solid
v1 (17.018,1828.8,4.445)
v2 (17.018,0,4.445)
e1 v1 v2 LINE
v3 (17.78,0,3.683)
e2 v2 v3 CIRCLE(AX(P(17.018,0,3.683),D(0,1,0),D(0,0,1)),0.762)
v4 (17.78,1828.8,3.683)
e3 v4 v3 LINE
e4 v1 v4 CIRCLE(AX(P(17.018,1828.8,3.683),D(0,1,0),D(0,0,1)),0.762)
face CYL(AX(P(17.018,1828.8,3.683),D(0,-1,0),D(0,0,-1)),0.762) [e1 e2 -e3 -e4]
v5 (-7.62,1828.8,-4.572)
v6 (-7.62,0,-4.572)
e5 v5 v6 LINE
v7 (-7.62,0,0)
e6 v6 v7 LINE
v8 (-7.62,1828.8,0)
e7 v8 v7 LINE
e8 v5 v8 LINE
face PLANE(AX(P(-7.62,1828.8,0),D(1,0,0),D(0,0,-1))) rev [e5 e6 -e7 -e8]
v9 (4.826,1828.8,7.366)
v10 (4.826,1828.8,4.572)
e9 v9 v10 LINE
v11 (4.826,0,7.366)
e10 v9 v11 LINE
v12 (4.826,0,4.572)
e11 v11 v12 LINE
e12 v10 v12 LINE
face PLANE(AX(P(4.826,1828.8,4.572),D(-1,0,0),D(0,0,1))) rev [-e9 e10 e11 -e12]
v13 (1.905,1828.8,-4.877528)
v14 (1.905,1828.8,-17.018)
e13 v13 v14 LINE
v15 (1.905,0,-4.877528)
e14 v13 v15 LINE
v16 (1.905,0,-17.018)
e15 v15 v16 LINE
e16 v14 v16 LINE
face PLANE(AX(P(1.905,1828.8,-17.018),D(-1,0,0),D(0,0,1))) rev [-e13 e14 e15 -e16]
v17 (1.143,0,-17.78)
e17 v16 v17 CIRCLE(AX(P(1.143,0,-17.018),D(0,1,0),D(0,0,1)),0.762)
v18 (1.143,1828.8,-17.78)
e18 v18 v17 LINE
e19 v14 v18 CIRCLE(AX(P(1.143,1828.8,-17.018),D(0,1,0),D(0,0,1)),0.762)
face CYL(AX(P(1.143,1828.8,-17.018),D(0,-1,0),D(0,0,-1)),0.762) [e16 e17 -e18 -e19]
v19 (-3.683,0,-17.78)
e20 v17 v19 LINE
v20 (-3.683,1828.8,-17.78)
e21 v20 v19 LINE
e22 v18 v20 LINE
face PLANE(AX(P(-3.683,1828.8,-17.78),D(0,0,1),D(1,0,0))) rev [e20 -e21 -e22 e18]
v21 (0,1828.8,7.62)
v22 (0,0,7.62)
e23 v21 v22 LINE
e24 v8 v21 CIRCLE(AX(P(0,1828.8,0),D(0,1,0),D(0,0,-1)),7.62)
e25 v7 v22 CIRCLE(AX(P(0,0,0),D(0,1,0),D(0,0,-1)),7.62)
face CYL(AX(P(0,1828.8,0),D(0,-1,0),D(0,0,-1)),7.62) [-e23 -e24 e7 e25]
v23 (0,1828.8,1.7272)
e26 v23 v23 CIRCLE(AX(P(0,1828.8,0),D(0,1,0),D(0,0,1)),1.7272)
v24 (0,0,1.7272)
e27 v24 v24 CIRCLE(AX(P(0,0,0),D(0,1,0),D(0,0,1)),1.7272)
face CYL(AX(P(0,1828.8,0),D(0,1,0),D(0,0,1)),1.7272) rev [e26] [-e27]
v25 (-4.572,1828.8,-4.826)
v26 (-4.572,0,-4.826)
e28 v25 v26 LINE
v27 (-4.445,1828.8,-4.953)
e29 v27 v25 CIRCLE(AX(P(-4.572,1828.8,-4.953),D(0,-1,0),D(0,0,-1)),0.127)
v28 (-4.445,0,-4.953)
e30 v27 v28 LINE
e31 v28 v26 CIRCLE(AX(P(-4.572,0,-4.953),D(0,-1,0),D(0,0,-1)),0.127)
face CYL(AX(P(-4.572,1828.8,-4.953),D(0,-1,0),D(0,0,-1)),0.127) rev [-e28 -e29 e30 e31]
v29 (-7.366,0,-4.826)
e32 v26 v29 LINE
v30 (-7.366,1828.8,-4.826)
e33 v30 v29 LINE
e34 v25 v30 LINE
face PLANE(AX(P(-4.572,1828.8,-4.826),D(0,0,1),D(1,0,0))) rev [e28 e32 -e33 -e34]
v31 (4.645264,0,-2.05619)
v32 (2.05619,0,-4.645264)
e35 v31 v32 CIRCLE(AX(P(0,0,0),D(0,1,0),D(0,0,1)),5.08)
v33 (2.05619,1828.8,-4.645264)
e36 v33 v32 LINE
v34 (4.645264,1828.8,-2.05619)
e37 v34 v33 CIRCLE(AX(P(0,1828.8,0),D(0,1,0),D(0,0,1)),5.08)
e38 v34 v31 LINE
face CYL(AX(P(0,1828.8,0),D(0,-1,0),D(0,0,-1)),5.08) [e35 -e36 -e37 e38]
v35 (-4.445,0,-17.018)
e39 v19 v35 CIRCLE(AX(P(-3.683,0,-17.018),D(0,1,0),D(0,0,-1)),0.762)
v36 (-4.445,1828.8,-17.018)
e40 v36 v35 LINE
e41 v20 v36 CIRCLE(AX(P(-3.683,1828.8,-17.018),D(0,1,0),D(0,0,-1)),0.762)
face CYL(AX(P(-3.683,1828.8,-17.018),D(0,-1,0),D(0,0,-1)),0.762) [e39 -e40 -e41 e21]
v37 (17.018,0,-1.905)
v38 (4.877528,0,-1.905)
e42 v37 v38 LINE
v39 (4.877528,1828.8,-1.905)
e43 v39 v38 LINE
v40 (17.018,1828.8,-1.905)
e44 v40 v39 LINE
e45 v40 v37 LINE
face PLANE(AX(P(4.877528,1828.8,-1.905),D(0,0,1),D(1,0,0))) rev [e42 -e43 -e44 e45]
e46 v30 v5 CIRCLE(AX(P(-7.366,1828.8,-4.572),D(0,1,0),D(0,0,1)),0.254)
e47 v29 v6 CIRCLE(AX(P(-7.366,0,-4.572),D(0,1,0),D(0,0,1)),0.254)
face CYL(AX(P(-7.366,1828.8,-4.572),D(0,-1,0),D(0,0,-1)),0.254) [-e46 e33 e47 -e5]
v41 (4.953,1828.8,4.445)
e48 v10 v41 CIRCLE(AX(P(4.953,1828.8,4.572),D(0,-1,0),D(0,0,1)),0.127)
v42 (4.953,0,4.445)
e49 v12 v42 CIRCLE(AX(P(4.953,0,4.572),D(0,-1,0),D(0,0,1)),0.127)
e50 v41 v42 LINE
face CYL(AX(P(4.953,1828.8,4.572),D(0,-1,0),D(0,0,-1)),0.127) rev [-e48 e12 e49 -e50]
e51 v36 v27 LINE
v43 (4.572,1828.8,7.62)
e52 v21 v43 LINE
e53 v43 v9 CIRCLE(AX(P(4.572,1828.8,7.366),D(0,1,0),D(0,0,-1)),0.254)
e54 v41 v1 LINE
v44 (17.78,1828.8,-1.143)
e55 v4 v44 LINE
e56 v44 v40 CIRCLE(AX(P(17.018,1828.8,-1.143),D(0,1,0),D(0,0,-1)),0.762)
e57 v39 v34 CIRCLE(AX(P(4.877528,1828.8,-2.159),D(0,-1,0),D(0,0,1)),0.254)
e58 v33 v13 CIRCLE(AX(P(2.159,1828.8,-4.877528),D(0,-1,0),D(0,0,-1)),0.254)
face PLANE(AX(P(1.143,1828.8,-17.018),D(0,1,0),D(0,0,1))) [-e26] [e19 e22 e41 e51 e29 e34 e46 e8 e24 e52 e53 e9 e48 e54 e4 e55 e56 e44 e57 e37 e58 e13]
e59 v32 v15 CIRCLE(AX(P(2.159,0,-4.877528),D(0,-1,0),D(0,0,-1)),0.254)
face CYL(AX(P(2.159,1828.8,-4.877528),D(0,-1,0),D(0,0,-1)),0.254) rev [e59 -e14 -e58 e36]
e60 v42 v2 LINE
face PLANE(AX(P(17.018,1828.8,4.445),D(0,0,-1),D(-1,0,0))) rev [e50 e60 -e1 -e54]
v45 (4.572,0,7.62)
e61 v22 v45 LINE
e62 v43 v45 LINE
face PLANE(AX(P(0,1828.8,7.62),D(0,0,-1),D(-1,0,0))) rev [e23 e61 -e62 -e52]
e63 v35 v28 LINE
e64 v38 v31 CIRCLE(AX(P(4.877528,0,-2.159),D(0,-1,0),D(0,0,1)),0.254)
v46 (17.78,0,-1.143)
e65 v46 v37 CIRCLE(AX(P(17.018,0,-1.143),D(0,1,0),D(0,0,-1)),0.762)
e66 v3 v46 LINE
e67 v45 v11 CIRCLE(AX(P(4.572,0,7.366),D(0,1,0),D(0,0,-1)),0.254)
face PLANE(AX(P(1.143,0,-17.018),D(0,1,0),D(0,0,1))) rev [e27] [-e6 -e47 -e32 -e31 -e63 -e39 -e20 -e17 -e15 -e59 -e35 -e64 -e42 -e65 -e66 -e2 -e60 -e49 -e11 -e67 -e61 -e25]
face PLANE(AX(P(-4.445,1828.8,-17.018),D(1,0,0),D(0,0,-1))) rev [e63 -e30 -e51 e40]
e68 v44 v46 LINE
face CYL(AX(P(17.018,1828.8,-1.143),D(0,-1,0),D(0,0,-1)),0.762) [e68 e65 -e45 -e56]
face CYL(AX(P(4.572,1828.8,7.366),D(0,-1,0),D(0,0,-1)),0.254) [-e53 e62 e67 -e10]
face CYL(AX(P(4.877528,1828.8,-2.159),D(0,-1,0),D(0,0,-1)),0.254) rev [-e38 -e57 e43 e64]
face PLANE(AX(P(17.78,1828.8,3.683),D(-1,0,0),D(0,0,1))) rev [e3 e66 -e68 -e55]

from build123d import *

# Parameters (mm, degrees)
BOSS_EXTRUDE1_DEPTH = 1828.8
THRU_HOLES_D        = 3.4544


with BuildPart() as part:
    # Sketch1 → Boss-Extrude1 (new body)
    with BuildSketch(Plane(origin=(0, 0, 0), x_dir=(1, 0, 0), z_dir=(0, 1, 0))):
        with BuildLine():
            Line((-4.445, 17.018), (-4.445, 4.953))
            ThreePointArc((-4.445, 4.953), (-4.482197439, 4.863197439), (-4.572, 4.826))
            Line((-4.572, 4.826), (-7.366, 4.826))
            ThreePointArc((-7.366, 4.826), (-7.545605122, 4.751605122), (-7.62, 4.572))
            Line((-7.62, 4.572), (-7.62, 0))
            ThreePointArc((-7.62, 0), (-5.388153673, -5.388153673), (0, -7.62))
            Line((0, -7.62), (4.572, -7.62))
            ThreePointArc((4.572, -7.62), (4.751605122, -7.545605122), (4.826, -7.366))
            Line((4.826, -7.366), (4.826, -4.572))
            ThreePointArc((4.826, -4.572), (4.863197439, -4.482197439), (4.953, -4.445))
            Line((4.953, -4.445), (17.018, -4.445))
            ThreePointArc((17.018, -4.445), (17.556815367, -4.221815367), (17.78, -3.683))
            Line((17.78, -3.683), (17.78, 1.143))
            ThreePointArc((17.78, 1.143), (17.556815367, 1.681815367), (17.018, 1.905))
            Line((17.018, 1.905), (4.87752755, 1.905))
            ThreePointArc((4.87752755, 1.905), (4.73895919, 1.946127246), (4.645264333, 2.056190476))
            ThreePointArc((4.645264333, 2.056190476), (3.592102448, 3.592102448), (2.056190476, 4.645264333))
            ThreePointArc((2.056190476, 4.645264333), (1.946127246, 4.73895919), (1.905, 4.87752755))
            Line((1.905, 4.87752755), (1.905, 17.018))
            ThreePointArc((1.905, 17.018), (1.681815367, 17.556815367), (1.143, 17.78))
            Line((1.143, 17.78), (-3.683, 17.78))
            ThreePointArc((-3.683, 17.78), (-4.221815367, 17.556815367), (-4.445, 17.018))
        make_face()
    extrude(amount=BOSS_EXTRUDE1_DEPTH)

    # THRU HOLES (through all)
    with Locations(Plane(origin=(0, 1828.8, 0), x_dir=(1, 0, 0), z_dir=(0, 1, 0))):
        with Locations((0, 0)):
            Hole(THRU_HOLES_D / 2)


solid = part.part
